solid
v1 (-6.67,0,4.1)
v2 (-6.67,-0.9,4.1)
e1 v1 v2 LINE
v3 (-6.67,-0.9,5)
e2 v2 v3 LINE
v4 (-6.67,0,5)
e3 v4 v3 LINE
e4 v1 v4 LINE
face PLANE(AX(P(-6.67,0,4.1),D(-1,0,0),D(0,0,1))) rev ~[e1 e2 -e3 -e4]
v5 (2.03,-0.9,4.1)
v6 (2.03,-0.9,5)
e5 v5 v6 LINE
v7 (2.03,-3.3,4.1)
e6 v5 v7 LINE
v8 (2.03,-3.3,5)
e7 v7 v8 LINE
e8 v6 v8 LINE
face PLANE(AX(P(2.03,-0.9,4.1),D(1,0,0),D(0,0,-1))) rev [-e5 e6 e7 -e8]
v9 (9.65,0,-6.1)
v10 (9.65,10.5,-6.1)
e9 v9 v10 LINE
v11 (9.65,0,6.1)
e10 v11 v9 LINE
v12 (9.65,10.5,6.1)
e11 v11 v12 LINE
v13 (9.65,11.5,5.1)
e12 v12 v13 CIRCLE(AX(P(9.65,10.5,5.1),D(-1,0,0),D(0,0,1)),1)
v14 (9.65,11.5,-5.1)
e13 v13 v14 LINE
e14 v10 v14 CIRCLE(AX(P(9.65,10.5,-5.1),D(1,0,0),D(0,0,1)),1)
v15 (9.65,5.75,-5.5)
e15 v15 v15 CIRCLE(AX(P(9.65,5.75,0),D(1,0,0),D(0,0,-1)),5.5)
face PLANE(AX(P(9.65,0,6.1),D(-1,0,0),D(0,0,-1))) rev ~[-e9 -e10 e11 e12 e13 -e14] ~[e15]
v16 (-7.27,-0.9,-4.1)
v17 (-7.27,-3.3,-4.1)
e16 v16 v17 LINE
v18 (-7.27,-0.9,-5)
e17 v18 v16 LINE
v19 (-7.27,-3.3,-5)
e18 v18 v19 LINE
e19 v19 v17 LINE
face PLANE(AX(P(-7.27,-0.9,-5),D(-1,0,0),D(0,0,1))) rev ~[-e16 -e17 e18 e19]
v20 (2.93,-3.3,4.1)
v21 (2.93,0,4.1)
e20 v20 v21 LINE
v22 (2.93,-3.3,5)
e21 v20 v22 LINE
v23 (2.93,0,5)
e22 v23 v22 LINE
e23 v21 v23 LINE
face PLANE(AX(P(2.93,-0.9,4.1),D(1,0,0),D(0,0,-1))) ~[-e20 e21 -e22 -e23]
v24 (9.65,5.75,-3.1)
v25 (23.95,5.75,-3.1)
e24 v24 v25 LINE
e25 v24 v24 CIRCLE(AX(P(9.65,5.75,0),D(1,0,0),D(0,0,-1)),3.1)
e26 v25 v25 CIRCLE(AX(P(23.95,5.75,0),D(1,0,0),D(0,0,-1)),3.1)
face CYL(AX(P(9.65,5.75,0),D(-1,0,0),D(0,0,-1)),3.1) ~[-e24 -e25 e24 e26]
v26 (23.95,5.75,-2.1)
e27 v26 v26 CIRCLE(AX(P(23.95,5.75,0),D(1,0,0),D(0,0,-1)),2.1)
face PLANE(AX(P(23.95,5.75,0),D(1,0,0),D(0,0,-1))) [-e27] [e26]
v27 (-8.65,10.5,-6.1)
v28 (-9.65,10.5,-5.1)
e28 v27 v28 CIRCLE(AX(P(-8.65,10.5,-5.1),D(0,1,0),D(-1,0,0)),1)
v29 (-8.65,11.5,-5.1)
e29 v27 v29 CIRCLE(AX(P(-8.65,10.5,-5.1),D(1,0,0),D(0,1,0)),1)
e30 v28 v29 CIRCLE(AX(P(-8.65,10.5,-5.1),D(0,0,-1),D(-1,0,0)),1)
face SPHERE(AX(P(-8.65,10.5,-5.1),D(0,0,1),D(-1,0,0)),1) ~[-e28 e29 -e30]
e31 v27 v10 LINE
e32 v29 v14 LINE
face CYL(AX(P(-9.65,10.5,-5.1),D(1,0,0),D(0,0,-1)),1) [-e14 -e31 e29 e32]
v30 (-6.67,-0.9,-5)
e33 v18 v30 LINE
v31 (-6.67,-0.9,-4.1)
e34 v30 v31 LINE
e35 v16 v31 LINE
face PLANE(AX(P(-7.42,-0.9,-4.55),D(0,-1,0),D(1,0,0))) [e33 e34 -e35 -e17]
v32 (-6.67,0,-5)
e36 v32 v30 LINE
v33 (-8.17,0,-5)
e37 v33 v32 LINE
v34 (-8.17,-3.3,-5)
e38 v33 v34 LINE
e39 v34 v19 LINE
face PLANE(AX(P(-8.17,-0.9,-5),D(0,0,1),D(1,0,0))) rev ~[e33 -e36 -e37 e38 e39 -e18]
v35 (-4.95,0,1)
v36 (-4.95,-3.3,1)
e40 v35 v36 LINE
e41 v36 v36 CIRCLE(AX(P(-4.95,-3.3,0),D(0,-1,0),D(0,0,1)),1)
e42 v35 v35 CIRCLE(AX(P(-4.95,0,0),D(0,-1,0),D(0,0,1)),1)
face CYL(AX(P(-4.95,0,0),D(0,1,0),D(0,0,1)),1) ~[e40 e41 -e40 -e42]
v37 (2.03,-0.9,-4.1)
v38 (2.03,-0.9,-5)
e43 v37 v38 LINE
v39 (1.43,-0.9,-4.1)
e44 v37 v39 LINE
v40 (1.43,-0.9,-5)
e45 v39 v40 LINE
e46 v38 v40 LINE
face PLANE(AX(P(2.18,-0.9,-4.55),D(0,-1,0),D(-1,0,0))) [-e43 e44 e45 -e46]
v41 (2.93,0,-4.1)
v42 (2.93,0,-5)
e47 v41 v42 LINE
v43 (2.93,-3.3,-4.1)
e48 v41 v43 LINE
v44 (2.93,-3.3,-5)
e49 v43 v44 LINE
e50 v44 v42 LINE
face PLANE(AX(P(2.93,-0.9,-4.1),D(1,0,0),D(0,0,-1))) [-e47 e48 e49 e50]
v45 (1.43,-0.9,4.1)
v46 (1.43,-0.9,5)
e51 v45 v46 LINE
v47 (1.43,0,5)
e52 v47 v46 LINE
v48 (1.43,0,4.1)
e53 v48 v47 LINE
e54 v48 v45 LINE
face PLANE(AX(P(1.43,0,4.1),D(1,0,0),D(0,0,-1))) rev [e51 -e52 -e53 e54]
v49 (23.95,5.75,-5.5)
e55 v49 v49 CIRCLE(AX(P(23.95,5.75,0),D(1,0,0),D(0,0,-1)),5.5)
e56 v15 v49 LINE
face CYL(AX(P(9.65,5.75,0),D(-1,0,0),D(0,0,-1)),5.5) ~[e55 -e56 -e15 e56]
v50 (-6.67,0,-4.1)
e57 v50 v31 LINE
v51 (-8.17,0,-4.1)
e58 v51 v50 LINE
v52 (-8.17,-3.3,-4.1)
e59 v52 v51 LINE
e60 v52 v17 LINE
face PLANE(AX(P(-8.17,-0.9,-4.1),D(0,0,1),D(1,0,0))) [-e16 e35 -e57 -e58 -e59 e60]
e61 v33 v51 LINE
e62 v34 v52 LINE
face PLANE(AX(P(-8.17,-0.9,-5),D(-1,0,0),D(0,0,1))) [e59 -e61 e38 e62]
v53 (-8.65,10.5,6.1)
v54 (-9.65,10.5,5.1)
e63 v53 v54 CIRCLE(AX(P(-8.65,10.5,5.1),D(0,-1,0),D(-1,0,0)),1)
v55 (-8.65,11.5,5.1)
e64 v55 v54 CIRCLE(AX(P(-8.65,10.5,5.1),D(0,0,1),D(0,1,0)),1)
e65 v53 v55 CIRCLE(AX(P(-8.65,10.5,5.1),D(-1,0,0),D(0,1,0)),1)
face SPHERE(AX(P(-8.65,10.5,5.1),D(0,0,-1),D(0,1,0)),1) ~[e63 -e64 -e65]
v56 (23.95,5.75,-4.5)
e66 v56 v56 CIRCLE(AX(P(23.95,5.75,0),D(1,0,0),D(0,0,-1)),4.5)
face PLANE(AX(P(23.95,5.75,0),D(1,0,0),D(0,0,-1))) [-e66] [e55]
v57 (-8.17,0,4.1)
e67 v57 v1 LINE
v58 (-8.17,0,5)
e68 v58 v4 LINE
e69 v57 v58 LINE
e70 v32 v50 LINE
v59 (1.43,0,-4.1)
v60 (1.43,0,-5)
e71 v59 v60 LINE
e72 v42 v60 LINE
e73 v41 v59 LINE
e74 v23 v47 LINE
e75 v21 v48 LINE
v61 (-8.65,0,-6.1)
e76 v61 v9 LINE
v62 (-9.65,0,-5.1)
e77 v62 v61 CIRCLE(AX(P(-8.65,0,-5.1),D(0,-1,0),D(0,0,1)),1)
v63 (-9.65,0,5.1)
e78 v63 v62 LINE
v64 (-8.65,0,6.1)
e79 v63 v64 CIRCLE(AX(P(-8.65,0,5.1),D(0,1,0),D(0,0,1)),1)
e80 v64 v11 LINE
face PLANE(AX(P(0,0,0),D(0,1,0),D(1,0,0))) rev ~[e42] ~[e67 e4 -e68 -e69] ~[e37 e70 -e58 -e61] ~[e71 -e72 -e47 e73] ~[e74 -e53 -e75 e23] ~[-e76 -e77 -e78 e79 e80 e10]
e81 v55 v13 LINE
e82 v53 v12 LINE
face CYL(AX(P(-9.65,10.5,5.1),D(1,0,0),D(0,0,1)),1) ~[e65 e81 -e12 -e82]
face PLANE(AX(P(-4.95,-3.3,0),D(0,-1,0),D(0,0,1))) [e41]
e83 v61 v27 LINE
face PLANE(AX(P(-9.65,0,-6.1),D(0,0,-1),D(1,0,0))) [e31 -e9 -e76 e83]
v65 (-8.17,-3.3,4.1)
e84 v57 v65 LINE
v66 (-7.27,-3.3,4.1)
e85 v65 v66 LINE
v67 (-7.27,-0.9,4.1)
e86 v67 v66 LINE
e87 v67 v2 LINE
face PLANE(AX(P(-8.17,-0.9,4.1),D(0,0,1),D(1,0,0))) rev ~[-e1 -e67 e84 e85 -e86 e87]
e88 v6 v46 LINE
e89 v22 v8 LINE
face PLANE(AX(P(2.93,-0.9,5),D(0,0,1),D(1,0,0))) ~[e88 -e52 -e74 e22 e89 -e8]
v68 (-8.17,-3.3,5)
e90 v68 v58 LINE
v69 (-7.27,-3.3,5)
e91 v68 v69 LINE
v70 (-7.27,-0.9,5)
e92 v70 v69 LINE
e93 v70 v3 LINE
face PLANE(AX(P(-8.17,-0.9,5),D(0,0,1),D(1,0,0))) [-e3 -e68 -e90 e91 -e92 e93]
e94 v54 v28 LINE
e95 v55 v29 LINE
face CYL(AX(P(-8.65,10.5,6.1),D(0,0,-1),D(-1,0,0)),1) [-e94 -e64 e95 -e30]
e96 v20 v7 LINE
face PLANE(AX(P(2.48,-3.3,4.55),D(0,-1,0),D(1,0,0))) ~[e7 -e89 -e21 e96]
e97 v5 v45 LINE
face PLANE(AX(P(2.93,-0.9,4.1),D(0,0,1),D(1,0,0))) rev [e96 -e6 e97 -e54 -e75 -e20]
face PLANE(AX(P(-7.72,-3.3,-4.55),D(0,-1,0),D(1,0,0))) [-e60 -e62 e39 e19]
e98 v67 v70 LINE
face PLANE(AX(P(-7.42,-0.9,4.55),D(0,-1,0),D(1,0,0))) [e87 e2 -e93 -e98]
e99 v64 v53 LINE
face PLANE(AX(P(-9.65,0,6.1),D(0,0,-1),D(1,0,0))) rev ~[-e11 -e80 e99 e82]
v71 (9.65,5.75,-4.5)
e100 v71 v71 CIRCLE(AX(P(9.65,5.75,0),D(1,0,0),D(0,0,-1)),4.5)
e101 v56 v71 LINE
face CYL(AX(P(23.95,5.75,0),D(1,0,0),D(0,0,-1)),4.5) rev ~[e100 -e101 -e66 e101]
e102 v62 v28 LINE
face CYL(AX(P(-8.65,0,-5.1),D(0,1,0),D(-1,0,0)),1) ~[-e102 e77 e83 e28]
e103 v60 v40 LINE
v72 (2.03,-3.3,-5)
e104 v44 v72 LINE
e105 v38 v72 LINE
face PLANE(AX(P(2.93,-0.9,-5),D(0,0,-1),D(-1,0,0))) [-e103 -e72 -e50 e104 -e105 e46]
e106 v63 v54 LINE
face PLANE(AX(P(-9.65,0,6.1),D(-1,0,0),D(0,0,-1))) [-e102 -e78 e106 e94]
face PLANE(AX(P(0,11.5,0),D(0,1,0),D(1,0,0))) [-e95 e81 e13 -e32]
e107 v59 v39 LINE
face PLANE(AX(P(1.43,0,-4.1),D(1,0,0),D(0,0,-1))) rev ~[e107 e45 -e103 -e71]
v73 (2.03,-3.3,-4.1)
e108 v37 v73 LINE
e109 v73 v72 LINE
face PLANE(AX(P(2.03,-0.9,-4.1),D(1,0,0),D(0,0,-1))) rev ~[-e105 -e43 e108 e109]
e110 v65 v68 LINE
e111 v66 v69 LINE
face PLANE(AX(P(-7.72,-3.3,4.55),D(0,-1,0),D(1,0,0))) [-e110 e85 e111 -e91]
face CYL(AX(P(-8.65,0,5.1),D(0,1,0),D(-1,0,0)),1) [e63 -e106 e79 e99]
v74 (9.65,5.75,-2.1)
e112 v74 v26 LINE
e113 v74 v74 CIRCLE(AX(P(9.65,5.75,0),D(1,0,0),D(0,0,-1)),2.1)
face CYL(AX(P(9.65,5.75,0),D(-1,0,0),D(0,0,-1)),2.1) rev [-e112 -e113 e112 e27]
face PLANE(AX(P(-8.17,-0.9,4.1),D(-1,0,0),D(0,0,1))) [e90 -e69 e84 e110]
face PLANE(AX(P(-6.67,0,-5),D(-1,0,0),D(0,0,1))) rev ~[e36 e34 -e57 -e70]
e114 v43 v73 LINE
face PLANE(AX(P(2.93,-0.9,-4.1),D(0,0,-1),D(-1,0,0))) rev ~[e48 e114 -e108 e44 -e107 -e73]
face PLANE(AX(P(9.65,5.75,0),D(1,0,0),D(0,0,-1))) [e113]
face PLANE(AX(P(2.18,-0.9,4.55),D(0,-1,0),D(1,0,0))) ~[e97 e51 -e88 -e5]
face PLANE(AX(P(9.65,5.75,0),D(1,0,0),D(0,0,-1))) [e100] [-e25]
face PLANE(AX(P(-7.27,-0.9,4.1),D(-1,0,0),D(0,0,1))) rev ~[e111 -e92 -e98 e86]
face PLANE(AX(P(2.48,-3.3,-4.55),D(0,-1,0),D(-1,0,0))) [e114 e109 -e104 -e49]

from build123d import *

# Parameters (mm, degrees)
SKETCH_1_W               = 19.3
SKETCH_1_H               = 12.2
EXTRUDE_1_DEPTH          = 11.5
FILLET_4_R               = 1
SKETCH_2_R               = 5.5
EXTRUDE_2_DEPTH          = 14.3
SKETCH_3_R               = 4.5
CUT_EXTRUDE_1_DEPTH      = 14.3
SKETCH_4_R               = 3.1
SKETCH_4_R_2             = 2.1
EXTRUDE_3_DEPTH          = 14.3
SKETCH_5_W               = 1.5
SKETCH_5_H               = 0.9
EXTRUDE_4_DEPTH          = 0.9
SKETCH_6_W               = 0.9
SKETCH_6_H               = 0.9
EXTRUDE_5_DEPTH          = 2.4
PATTERN_LINEAR_1_COUNT   = 2
PATTERN_LINEAR_1_PITCH   = 9.1
MIRROR_1_COPY_1_SKETCH_W = 1.5
MIRROR_1_COPY_1_SKETCH_H = 0.9
MIRROR_1_COPY_1_DEPTH    = 0.9
MIRROR_1_COPY_2_SKETCH_W = 0.9
MIRROR_1_COPY_2_SKETCH_H = 0.9
MIRROR_1_COPY_2_DEPTH    = 2.4
SKETCH_7_R               = 1
EXTRUDE_6_DEPTH          = 3.3


with BuildPart() as part:
    # Эскиз1 → Бобышка-Вытянуть1 (new body)
    with BuildSketch(Plane(origin=(0, 0, 0), x_dir=(1, 0, 0), z_dir=(0, 1, 0))):
        Rectangle(SKETCH_1_W, SKETCH_1_H)
    extrude(amount=EXTRUDE_1_DEPTH)

    # Скругление4
    fillet_4_edges = [part.edges().sort_by_distance(p)[0] for p in [
        (-9.65, 11.5, 0),
        (0, 11.5, 6.1),
        (-9.65, 5.75, 6.1),
        (-9.65, 5.75, -6.1),
        (0, 11.5, -6.1),
    ]]
    fillet(fillet_4_edges, radius=FILLET_4_R)

    # Эскиз2 → Бобышка-Вытянуть2 (add)
    with BuildSketch(Plane(origin=(9.65, 0, 0), x_dir=(0, 0, -1), z_dir=(1, 0, 0))):
        with Locations((0, 5.75)):
            Circle(SKETCH_2_R)
    extrude(amount=EXTRUDE_2_DEPTH)

    # Эскиз3 → Вырез-Вытянуть1 (cut)
    with BuildSketch(Plane(origin=(23.95, 0, 0), x_dir=(0, 0, -1), z_dir=(1, 0, 0))):
        with Locations((0, 5.75)):
            Circle(SKETCH_3_R)
    extrude(amount=-CUT_EXTRUDE_1_DEPTH, mode=Mode.SUBTRACT)

    # Эскиз4 → Бобышка-Вытянуть3 (add)
    with BuildSketch(Plane(origin=(9.65, 0, 0), x_dir=(0, 0, -1), z_dir=(1, 0, 0))):
        with Locations((0, 5.75)):
            Circle(SKETCH_4_R)
        with Locations((0, 5.75)):
            Circle(SKETCH_4_R_2, mode=Mode.SUBTRACT)
    extrude(amount=EXTRUDE_3_DEPTH)

    # Эскиз5 → Бобышка-Вытянуть4 (add)
    with BuildSketch(Plane.XZ):
        with Locations((-7.42, 4.55)):
            Rectangle(SKETCH_5_W, SKETCH_5_H)
    extrude_4 = extrude(amount=EXTRUDE_4_DEPTH)

    # Эскиз6 → Бобышка-Вытянуть5 (add)
    with BuildSketch(Plane.XZ.offset(0.9)):
        with Locations((-7.72, 4.55)):
            Rectangle(SKETCH_6_W, SKETCH_6_H)
    extrude_5 = extrude(amount=EXTRUDE_5_DEPTH)

    # Линейный массив1: Бобышка-Вытянуть4, Бобышка-Вытянуть5 ×2
    with Locations(*[(0, 0, -i * PATTERN_LINEAR_1_PITCH) for i in range(1, PATTERN_LINEAR_1_COUNT)]):
        add(extrude_4)
        add(extrude_5)

    # Зеркальное отражение1: Бобышка-Вытянуть4, Бобышка-Вытянуть5 across plane
    add(extrude_4.mirror(Plane(origin=(-2.62, 0, 0), x_dir=(0, 0, 1), z_dir=(1, 0, 0))))
    add(extrude_5.mirror(Plane(origin=(-2.62, 0, 0), x_dir=(0, 0, 1), z_dir=(1, 0, 0))))

    # Зеркальное отражение1 copy 1 sketch → Зеркальное отражение1 copy 1 (add)
    with BuildSketch(Plane(origin=(-5.24, 0, -9.1), x_dir=(-1, 0, 0), z_dir=(0, -1, 0))):
        with Locations((-7.42, -4.55)):
            Rectangle(MIRROR_1_COPY_1_SKETCH_W, MIRROR_1_COPY_1_SKETCH_H)
    extrude(amount=MIRROR_1_COPY_1_DEPTH)

    # Зеркальное отражение1 copy 2 sketch → Зеркальное отражение1 copy 2 (add)
    with BuildSketch(Plane(origin=(-5.24, -0.9, -9.1), x_dir=(-1, 0, 0), z_dir=(0, -1, 0))):
        with Locations((-7.72, -4.55)):
            Rectangle(MIRROR_1_COPY_2_SKETCH_W, MIRROR_1_COPY_2_SKETCH_H)
    extrude(amount=MIRROR_1_COPY_2_DEPTH)

    # Эскиз7 → Бобышка-Вытянуть6 (add)
    with BuildSketch(Plane.XZ):
        with Locations(Location((-4.95, 0, 0), (0, 0, 90))):
            Circle(SKETCH_7_R)
    extrude(amount=EXTRUDE_6_DEPTH)


solid = part.part
